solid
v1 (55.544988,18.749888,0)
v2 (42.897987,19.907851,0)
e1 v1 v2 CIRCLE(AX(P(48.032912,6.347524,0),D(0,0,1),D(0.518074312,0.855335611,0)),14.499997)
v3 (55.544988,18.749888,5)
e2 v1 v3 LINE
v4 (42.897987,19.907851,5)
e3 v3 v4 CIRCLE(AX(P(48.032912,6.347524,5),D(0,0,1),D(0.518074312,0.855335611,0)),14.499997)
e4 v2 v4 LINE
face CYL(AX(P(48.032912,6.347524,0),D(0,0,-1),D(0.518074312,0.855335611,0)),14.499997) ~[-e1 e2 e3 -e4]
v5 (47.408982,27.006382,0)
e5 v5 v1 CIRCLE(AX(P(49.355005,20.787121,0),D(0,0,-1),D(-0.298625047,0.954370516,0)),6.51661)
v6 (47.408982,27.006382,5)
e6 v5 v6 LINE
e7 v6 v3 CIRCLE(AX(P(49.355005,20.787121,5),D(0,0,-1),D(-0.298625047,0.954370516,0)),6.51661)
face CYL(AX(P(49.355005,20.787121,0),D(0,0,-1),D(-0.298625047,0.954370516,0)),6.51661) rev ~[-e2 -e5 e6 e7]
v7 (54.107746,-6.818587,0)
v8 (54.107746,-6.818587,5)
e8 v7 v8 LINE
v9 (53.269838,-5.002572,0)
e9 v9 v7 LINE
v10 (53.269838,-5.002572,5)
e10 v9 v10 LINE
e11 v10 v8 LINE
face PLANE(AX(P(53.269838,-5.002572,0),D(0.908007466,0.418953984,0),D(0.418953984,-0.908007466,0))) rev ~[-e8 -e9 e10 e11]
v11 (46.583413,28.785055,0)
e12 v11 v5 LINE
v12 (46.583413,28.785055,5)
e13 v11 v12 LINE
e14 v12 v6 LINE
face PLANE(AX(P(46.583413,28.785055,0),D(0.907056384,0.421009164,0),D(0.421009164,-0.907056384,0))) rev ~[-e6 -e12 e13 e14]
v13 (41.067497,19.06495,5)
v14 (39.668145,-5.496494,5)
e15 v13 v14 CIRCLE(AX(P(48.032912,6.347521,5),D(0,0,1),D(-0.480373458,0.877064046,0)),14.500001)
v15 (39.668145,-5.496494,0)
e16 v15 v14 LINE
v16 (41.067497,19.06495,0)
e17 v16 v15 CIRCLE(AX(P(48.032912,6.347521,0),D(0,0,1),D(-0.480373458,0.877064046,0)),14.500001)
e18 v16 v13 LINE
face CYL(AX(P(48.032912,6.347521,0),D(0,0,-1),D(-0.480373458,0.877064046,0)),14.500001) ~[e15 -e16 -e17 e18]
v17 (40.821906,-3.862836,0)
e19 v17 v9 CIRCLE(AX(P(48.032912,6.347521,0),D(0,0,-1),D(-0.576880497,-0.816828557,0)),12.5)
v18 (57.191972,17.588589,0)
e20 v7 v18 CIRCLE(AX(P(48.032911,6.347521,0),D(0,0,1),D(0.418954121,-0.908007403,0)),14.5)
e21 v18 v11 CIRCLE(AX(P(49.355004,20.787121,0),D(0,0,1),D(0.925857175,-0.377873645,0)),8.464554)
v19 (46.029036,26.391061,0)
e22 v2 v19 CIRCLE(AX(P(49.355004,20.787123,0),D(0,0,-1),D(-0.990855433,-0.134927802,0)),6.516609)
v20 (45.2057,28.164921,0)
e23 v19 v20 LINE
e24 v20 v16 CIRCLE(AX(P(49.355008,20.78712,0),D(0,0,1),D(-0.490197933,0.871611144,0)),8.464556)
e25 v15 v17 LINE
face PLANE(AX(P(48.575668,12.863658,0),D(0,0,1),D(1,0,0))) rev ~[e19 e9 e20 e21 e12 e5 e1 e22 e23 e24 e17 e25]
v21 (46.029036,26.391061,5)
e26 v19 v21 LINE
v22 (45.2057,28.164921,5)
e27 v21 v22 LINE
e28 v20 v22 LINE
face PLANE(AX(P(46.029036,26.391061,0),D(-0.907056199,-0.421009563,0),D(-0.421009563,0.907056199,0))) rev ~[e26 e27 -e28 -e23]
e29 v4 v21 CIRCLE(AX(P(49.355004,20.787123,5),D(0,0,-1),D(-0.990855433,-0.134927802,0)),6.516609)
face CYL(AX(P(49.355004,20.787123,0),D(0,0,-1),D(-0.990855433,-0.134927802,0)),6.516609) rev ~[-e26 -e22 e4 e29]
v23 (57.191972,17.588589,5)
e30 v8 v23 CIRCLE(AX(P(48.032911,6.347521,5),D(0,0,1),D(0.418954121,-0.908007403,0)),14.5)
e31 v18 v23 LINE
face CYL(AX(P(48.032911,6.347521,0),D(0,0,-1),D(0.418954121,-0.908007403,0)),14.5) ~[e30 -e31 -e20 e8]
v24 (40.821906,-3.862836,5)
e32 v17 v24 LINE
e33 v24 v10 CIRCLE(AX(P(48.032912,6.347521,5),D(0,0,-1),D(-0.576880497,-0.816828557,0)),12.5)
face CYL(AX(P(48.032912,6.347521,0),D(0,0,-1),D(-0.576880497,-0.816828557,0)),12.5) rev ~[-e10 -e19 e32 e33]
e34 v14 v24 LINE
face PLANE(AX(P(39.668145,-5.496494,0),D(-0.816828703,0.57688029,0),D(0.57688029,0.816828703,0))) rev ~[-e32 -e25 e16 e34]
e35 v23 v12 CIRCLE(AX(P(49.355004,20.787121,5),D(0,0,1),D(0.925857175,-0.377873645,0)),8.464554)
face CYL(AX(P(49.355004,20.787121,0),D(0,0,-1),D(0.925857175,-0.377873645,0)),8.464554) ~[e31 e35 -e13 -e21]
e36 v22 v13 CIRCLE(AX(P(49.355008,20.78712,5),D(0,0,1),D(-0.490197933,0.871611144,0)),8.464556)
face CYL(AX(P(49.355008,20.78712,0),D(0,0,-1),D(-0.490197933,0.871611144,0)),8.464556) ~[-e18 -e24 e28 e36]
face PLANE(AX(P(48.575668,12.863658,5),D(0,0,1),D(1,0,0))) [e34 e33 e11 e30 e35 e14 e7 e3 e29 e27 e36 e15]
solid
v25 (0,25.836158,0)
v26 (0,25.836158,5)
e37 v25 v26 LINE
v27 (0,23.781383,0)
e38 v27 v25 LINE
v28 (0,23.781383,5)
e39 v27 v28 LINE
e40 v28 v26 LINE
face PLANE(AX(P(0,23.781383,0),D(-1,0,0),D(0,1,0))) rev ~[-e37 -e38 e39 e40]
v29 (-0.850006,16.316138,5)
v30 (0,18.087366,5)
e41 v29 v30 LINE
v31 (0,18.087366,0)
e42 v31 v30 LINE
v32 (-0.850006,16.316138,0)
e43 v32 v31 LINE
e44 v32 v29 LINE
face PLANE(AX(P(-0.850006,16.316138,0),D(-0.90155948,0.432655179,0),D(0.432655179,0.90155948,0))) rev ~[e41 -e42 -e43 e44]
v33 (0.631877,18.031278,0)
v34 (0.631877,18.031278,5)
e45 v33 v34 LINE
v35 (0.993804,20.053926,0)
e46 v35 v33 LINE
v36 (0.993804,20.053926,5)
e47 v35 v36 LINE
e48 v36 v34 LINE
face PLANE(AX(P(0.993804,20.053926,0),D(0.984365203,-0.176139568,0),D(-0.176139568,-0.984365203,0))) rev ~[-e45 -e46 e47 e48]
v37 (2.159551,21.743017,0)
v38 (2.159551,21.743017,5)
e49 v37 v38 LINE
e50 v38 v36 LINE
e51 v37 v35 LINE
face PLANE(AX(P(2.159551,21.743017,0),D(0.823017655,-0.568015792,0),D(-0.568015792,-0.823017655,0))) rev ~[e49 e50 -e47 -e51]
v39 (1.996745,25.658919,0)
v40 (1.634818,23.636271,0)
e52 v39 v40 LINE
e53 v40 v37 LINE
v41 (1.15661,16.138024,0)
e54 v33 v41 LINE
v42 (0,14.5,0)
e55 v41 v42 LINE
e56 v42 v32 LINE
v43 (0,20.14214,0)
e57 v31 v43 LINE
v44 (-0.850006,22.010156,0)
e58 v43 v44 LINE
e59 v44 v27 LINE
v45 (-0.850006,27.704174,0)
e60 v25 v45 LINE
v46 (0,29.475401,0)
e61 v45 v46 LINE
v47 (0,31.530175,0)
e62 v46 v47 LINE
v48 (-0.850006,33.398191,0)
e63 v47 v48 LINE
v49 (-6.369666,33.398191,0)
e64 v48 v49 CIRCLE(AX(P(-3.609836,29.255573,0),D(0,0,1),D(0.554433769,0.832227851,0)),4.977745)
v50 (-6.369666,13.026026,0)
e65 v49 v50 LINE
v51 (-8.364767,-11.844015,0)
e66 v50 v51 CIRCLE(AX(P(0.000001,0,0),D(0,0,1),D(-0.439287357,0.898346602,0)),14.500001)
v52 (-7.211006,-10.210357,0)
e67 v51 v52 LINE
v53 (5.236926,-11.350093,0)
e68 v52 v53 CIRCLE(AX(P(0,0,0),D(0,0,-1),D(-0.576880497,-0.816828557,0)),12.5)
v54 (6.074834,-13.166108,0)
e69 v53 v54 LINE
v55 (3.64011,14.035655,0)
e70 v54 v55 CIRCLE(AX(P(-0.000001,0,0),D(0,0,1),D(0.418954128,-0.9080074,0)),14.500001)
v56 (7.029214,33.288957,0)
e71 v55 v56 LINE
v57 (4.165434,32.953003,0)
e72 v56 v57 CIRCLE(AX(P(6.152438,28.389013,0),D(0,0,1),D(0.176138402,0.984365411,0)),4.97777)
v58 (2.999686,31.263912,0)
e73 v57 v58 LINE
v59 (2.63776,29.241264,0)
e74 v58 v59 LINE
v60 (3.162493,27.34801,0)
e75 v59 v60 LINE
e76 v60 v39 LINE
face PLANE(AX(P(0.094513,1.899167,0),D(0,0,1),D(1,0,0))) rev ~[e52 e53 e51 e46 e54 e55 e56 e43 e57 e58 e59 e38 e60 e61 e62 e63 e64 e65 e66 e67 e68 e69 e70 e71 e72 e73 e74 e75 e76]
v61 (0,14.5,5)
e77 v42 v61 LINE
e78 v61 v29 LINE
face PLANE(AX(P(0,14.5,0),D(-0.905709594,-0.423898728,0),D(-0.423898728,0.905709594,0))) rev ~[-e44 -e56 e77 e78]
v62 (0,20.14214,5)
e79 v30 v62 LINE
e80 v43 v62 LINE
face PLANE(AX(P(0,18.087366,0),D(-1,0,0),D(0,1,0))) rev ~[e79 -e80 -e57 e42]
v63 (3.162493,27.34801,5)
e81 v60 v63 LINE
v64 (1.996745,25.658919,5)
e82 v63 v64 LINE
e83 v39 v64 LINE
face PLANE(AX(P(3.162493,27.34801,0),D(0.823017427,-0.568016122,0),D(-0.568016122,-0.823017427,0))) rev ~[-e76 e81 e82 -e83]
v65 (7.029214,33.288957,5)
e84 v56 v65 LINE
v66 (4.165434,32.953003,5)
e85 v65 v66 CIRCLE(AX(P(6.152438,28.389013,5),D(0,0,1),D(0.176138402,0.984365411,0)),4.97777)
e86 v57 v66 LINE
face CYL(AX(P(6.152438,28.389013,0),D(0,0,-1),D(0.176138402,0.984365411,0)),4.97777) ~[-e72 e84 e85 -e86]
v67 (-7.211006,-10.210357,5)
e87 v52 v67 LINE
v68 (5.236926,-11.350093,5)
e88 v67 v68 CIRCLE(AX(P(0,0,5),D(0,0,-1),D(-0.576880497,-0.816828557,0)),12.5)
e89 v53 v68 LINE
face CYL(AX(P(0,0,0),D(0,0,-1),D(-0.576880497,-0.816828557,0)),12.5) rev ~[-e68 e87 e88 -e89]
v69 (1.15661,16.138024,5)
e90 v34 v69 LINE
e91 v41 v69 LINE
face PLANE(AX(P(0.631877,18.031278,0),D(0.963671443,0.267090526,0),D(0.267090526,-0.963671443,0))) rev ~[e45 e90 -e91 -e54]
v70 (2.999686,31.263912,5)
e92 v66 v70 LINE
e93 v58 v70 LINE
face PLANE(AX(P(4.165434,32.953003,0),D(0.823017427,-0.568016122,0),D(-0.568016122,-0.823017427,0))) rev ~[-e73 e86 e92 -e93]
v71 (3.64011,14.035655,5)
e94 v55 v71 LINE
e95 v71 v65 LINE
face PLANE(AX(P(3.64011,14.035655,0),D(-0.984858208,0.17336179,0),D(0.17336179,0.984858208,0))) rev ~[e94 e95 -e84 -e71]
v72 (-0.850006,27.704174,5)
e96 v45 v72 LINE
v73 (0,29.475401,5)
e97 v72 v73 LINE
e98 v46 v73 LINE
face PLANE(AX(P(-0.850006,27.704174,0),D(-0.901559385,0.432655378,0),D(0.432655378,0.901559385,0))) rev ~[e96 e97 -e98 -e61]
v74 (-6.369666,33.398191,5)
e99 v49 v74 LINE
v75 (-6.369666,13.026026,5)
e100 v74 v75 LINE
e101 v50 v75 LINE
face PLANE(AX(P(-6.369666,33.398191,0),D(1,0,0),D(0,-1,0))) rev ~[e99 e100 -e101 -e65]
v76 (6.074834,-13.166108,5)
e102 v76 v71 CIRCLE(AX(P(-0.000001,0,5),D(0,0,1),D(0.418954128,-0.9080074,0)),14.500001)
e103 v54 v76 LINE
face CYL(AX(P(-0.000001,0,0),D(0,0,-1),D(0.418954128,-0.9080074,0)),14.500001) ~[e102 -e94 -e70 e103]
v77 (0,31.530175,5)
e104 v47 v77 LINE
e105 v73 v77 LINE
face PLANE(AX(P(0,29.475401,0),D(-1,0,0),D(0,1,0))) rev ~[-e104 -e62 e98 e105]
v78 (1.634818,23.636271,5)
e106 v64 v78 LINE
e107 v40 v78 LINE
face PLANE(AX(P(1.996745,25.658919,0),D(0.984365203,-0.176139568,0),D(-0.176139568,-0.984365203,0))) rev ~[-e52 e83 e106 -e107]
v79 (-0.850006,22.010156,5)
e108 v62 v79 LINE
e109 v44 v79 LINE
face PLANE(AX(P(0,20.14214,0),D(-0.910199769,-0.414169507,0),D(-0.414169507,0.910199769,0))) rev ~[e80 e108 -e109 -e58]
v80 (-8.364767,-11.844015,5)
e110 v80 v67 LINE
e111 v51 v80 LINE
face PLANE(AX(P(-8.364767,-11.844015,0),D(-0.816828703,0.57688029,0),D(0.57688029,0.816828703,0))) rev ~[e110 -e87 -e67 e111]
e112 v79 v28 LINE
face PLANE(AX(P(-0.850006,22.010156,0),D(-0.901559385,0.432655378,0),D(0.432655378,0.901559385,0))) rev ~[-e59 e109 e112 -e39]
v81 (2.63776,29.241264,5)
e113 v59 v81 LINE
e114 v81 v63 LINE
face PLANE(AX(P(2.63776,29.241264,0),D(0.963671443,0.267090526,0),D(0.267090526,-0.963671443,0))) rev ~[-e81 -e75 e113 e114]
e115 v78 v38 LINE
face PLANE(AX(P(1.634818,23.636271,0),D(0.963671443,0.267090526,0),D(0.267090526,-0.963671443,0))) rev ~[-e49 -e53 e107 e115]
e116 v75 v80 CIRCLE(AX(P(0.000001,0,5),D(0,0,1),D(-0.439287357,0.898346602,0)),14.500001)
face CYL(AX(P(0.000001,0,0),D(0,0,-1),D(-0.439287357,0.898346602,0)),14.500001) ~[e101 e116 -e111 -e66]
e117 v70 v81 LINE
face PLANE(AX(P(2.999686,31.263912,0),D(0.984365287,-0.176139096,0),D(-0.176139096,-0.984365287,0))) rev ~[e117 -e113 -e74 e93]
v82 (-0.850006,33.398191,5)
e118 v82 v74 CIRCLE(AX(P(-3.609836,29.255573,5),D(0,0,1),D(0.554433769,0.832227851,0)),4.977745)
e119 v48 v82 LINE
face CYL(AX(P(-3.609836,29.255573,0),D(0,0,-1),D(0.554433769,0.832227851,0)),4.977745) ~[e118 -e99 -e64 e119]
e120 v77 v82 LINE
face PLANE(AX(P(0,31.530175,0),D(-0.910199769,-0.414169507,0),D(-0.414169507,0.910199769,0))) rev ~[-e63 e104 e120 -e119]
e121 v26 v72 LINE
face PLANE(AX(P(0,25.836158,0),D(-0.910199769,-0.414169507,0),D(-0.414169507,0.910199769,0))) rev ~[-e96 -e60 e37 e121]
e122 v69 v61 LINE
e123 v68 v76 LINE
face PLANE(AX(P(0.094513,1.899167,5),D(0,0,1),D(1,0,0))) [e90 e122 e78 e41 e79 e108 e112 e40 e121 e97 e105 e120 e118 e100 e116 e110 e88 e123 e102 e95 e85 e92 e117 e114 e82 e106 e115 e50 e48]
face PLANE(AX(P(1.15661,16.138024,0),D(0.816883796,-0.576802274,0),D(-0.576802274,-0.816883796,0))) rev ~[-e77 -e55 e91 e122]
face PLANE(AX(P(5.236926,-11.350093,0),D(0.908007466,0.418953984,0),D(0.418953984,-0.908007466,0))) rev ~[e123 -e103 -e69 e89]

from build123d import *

# Parameters (mm, degrees)
F1_DEPTH = 5


with BuildPart() as f1:
    # F0 (on Top) → F1 (new body)
    with BuildSketch(Plane.XY):
        with BuildLine():
            ThreePointArc((-7.211006, -10.210357), (1.139735, 12.447932), (5.236926, -11.350093))
            Line((5.236926, -11.350093), (6.074834, -13.166108))
            ThreePointArc((6.074834, -13.166108), (14.442264, 1.292671), (3.64011, 14.035655))
            ThreePointArc((3.64011, 14.035655), (1.834804, 14.383445), (0, 14.5))
            ThreePointArc((0, 14.5), (-3.268993, 14.126701), (-6.369666, 13.026026))
            ThreePointArc((-6.369666, 13.026026), (-14.453567, 1.15948), (-8.364767, -11.844015))
            Line((-8.364767, -11.844015), (-7.211006, -10.210357))
        make_face()
        with BuildLine():
            ThreePointArc((0, 14.5), (1.834804, 14.383445), (3.64011, 14.035655))
            Line((3.64011, 14.035655), (7.029214, 33.288957))
            ThreePointArc((7.029214, 33.288957), (5.572466, 33.33288), (4.165434, 32.953003))
            Line((4.165434, 32.953003), (2.999686, 31.263912))
            Line((2.999686, 31.263912), (2.63776, 29.241264))
            Line((2.63776, 29.241264), (3.162493, 27.34801))
            Line((3.162493, 27.34801), (1.996745, 25.658919))
            Line((1.996745, 25.658919), (1.634818, 23.636271))
            Line((1.634818, 23.636271), (2.159551, 21.743017))
            Line((2.159551, 21.743017), (0.993804, 20.053926))
            Line((0.993804, 20.053926), (0.631877, 18.031278))
            Line((0.631877, 18.031278), (1.15661, 16.138024))
            Line((1.15661, 16.138024), (0, 14.5))
        make_face()
        with BuildLine():
            Line((-6.369666, 33.398191), (-6.369666, 13.026026))
            ThreePointArc((-6.369666, 13.026026), (-3.268993, 14.126701), (0, 14.5))
            Line((0, 14.5), (-0.850006, 16.316138))
            Line((-0.850006, 16.316138), (0, 18.087366))
            Line((0, 18.087366), (0, 20.14214))
            Line((0, 20.14214), (-0.850006, 22.010156))
            Line((-0.850006, 22.010156), (0, 23.781383))
            Line((0, 23.781383), (0, 25.836158))
            Line((0, 25.836158), (-0.850006, 27.704174))
            Line((-0.850006, 27.704174), (0, 29.475401))
            Line((0, 29.475401), (0, 31.530175))
            Line((0, 31.530175), (-0.850006, 33.398191))
            ThreePointArc((-0.850006, 33.398191), (-3.609836, 34.233318), (-6.369666, 33.398191))
        make_face()
        with BuildLine():
            ThreePointArc((40.821906, -3.862836), (49.172647, 18.795453), (53.269838, -5.002572))
            Line((53.269838, -5.002572), (54.107746, -6.818587))
            ThreePointArc((54.107746, -6.818587), (62.41851, 4.529677), (57.191972, 17.588589))
            ThreePointArc((57.191972, 17.588589), (55.499491, 26.608972), (46.583413, 28.785055))
            Line((46.583413, 28.785055), (47.408982, 27.006382))
            ThreePointArc((47.408982, 27.006382), (53.996688, 25.361068), (55.544988, 18.749888))
            ThreePointArc((55.544988, 18.749888), (49.355005, 20.787122), (42.897987, 19.907851))
            ThreePointArc((42.897987, 19.907851), (43.486895, 23.62111), (46.029036, 26.391061))
            Line((46.029036, 26.391061), (45.2057, 28.164921))
            ThreePointArc((45.2057, 28.164921), (41.649751, 24.291078), (41.067497, 19.06495))
            ThreePointArc((41.067497, 19.06495), (33.556388, 7.172299), (39.668145, -5.496494))
            Line((39.668145, -5.496494), (40.821906, -3.862836))
        make_face()
    extrude(amount=F1_DEPTH)


solid = f1.part
